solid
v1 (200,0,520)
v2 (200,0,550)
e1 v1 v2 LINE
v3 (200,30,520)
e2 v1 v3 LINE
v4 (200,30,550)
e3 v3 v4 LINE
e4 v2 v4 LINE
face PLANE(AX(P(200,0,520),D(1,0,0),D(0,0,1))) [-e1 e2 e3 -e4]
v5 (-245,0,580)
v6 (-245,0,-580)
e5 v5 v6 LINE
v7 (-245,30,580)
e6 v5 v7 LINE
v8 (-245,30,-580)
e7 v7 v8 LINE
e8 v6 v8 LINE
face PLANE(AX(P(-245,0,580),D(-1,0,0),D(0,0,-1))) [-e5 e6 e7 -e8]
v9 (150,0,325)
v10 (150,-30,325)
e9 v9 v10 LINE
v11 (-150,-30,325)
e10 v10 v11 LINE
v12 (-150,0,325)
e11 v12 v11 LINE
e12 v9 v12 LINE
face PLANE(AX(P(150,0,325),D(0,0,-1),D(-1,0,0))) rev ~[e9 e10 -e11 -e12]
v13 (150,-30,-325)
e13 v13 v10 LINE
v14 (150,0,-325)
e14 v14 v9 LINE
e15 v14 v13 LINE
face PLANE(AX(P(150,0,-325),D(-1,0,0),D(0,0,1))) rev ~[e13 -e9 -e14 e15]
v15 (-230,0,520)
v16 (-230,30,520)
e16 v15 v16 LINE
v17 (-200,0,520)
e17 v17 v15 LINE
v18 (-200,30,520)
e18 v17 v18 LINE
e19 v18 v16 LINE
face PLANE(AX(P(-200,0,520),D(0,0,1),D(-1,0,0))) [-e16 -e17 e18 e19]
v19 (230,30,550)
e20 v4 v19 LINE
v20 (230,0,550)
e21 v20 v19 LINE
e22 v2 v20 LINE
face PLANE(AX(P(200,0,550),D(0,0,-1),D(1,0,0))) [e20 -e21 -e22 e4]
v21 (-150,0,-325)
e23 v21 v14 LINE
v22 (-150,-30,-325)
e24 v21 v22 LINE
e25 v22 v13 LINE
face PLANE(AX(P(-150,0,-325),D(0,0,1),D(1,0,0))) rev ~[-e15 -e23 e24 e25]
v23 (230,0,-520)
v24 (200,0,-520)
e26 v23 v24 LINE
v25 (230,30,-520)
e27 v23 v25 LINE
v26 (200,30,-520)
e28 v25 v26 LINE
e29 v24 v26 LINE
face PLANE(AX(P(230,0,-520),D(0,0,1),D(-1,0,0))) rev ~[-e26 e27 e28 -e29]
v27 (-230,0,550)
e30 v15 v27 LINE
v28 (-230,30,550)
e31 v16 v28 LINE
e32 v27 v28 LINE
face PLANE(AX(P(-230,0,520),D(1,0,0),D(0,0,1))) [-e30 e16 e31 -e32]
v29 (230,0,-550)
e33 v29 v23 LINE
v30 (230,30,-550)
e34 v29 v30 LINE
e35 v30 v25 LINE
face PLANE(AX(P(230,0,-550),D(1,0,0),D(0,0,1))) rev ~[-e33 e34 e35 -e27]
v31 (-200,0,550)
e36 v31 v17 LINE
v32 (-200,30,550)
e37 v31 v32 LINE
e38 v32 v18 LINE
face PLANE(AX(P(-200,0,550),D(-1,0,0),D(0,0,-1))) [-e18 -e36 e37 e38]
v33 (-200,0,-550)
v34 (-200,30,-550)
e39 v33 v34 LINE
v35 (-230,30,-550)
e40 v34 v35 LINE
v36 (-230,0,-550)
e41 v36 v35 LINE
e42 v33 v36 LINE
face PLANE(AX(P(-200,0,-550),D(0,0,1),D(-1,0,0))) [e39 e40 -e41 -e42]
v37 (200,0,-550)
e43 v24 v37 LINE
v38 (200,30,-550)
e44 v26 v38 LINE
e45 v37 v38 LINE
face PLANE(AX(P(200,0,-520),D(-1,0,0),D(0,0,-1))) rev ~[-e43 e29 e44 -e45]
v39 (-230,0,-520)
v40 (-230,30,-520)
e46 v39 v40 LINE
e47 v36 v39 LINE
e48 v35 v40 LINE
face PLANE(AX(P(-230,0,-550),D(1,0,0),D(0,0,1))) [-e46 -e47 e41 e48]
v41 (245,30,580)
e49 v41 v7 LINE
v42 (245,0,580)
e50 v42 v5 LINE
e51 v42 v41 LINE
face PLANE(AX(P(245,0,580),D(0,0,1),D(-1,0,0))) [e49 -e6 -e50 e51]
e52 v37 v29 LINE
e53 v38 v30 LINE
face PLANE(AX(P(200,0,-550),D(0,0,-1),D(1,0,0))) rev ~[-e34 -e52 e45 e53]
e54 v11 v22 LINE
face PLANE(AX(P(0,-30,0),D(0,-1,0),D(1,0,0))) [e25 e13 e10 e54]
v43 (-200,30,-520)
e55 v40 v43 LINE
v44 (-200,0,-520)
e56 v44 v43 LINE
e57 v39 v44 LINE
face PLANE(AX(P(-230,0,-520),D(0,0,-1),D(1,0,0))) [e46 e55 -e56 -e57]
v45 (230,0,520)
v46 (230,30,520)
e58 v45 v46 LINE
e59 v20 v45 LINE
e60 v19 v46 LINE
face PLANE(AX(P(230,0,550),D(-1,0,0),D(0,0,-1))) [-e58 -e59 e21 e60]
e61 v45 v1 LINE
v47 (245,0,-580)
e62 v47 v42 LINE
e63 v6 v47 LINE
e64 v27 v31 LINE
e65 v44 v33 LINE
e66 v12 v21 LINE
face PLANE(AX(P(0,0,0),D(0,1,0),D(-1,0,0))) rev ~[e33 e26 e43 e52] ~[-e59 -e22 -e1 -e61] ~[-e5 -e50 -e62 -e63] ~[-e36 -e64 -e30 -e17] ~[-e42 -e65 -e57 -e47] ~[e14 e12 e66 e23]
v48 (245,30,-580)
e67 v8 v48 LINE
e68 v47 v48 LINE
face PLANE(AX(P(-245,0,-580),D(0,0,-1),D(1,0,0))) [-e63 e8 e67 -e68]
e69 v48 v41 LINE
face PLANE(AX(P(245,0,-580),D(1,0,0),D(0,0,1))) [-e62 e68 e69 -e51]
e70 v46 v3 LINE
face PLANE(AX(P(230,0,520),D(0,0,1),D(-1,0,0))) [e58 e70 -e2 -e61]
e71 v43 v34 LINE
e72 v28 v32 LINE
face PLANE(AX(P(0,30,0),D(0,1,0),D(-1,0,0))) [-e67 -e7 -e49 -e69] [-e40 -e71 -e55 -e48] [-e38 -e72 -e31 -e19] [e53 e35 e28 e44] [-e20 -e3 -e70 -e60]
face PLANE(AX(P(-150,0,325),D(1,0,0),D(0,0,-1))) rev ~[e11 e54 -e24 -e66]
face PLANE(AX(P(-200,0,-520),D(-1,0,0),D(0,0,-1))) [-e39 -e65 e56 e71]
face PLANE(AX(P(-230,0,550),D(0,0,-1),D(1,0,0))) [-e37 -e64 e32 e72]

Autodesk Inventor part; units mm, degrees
ref_plane "YZ Plane" through (0, 0, 0) normal (1, 0, 0) x (0, 1, 0)
ref_plane "XZ Plane" through (0, 0, 0) normal (0, 1, 0) x (-1, 0, 0)
ref_plane "XY Plane" through (0, 0, 0) normal (0, 0, 1) x (1, 0, 0)
sketch "Sketch1" plane through (0, 0, 0) normal (0, 1, 0) x (-1, 0, 0)
  line L0 (-245, 580) -> (245, 580)
  line L1 (245, 580) -> (245, -580)
  line L2 (245, -580) -> (-245, -580)
  line L3 (-245, -580) -> (-245, 580)
  line L4 (-245, 580) -> (245, -580) construction
  line L5 (245, 580) -> (-245, -580) construction
  line L6 (230, 550) -> (200, 550)
  line L7 (200, 550) -> (200, 520)
  line L8 (200, 520) -> (230, 520)
  line L9 (230, 520) -> (230, 550)
  line L10 (230, 550) -> (200, 520) construction
  line L11 (200, 550) -> (230, 520) construction
  line L12 (230, -520) -> (200, -520)
  line L13 (200, -520) -> (200, -550)
  line L14 (200, -550) -> (230, -550)
  line L15 (230, -550) -> (230, -520)
  line L16 (230, -520) -> (200, -550) construction
  line L17 (200, -520) -> (230, -550) construction
  line L18 (-200, 550) -> (-230, 550)
  line L19 (-230, 550) -> (-230, 520)
  line L20 (-230, 520) -> (-200, 520)
  line L21 (-200, 520) -> (-200, 550)
  line L22 (-200, 550) -> (-230, 520) construction
  line L23 (-230, 550) -> (-200, 520) construction
  line L24 (-230, -520) -> (-200, -520)
  line L25 (-200, -520) -> (-200, -550)
  line L26 (-200, -550) -> (-230, -550)
  line L27 (-230, -550) -> (-230, -520)
  line L28 (-230, -520) -> (-200, -550) construction
  line L29 (-200, -520) -> (-230, -550) construction
  point P0 (0, 0)
  point P1 (215, 535)
  point P2 (215, -535)
  point P3 (-215, 535)
  point P4 (230, 535)
  point P5 (215, 550)
  point P6 (-215, 550)
  point P7 (-230, 535)
  point P8 (215, -550)
  point P9 (230, -535)
  point P10 (-215, -535)
  dimension "d0" = 1160
  dimension "d1" = 490
  dimension "d2" = 30
  dimension "d3" = 30
  dimension "d4" = 15
  dimension "d5" = 30
  dimension "d6" = 30
  dimension "d7" = 15
  dimension "d8" = 30
  dimension "d9" = 15
  dimension "d10" = 30
  dimension "d11" = 30
  dimension "d12" = 15
  dimension "d13" = 30
extrude "Extrusion1" add sketch "Sketch1" along normal blind 30
sketch "Sketch2" plane through (0, 0, 0) normal (0, -1, 0) x (1, 0, 0)
  line L0 (-150, -325) -> (150, -325)
  line L1 (150, -325) -> (150, 325)
  line L2 (150, 325) -> (-150, 325)
  line L3 (-150, 325) -> (-150, -325)
  line L4 (-150, -325) -> (150, 325) construction
  line L5 (150, -325) -> (-150, 325) construction
  point P0 (0, 0)
  dimension "d16" = 650
  dimension "d17" = 300
extrude "Extrusion2" add sketch "Sketch2" along normal blind 30
properties part number "Platform_Arm_2"
